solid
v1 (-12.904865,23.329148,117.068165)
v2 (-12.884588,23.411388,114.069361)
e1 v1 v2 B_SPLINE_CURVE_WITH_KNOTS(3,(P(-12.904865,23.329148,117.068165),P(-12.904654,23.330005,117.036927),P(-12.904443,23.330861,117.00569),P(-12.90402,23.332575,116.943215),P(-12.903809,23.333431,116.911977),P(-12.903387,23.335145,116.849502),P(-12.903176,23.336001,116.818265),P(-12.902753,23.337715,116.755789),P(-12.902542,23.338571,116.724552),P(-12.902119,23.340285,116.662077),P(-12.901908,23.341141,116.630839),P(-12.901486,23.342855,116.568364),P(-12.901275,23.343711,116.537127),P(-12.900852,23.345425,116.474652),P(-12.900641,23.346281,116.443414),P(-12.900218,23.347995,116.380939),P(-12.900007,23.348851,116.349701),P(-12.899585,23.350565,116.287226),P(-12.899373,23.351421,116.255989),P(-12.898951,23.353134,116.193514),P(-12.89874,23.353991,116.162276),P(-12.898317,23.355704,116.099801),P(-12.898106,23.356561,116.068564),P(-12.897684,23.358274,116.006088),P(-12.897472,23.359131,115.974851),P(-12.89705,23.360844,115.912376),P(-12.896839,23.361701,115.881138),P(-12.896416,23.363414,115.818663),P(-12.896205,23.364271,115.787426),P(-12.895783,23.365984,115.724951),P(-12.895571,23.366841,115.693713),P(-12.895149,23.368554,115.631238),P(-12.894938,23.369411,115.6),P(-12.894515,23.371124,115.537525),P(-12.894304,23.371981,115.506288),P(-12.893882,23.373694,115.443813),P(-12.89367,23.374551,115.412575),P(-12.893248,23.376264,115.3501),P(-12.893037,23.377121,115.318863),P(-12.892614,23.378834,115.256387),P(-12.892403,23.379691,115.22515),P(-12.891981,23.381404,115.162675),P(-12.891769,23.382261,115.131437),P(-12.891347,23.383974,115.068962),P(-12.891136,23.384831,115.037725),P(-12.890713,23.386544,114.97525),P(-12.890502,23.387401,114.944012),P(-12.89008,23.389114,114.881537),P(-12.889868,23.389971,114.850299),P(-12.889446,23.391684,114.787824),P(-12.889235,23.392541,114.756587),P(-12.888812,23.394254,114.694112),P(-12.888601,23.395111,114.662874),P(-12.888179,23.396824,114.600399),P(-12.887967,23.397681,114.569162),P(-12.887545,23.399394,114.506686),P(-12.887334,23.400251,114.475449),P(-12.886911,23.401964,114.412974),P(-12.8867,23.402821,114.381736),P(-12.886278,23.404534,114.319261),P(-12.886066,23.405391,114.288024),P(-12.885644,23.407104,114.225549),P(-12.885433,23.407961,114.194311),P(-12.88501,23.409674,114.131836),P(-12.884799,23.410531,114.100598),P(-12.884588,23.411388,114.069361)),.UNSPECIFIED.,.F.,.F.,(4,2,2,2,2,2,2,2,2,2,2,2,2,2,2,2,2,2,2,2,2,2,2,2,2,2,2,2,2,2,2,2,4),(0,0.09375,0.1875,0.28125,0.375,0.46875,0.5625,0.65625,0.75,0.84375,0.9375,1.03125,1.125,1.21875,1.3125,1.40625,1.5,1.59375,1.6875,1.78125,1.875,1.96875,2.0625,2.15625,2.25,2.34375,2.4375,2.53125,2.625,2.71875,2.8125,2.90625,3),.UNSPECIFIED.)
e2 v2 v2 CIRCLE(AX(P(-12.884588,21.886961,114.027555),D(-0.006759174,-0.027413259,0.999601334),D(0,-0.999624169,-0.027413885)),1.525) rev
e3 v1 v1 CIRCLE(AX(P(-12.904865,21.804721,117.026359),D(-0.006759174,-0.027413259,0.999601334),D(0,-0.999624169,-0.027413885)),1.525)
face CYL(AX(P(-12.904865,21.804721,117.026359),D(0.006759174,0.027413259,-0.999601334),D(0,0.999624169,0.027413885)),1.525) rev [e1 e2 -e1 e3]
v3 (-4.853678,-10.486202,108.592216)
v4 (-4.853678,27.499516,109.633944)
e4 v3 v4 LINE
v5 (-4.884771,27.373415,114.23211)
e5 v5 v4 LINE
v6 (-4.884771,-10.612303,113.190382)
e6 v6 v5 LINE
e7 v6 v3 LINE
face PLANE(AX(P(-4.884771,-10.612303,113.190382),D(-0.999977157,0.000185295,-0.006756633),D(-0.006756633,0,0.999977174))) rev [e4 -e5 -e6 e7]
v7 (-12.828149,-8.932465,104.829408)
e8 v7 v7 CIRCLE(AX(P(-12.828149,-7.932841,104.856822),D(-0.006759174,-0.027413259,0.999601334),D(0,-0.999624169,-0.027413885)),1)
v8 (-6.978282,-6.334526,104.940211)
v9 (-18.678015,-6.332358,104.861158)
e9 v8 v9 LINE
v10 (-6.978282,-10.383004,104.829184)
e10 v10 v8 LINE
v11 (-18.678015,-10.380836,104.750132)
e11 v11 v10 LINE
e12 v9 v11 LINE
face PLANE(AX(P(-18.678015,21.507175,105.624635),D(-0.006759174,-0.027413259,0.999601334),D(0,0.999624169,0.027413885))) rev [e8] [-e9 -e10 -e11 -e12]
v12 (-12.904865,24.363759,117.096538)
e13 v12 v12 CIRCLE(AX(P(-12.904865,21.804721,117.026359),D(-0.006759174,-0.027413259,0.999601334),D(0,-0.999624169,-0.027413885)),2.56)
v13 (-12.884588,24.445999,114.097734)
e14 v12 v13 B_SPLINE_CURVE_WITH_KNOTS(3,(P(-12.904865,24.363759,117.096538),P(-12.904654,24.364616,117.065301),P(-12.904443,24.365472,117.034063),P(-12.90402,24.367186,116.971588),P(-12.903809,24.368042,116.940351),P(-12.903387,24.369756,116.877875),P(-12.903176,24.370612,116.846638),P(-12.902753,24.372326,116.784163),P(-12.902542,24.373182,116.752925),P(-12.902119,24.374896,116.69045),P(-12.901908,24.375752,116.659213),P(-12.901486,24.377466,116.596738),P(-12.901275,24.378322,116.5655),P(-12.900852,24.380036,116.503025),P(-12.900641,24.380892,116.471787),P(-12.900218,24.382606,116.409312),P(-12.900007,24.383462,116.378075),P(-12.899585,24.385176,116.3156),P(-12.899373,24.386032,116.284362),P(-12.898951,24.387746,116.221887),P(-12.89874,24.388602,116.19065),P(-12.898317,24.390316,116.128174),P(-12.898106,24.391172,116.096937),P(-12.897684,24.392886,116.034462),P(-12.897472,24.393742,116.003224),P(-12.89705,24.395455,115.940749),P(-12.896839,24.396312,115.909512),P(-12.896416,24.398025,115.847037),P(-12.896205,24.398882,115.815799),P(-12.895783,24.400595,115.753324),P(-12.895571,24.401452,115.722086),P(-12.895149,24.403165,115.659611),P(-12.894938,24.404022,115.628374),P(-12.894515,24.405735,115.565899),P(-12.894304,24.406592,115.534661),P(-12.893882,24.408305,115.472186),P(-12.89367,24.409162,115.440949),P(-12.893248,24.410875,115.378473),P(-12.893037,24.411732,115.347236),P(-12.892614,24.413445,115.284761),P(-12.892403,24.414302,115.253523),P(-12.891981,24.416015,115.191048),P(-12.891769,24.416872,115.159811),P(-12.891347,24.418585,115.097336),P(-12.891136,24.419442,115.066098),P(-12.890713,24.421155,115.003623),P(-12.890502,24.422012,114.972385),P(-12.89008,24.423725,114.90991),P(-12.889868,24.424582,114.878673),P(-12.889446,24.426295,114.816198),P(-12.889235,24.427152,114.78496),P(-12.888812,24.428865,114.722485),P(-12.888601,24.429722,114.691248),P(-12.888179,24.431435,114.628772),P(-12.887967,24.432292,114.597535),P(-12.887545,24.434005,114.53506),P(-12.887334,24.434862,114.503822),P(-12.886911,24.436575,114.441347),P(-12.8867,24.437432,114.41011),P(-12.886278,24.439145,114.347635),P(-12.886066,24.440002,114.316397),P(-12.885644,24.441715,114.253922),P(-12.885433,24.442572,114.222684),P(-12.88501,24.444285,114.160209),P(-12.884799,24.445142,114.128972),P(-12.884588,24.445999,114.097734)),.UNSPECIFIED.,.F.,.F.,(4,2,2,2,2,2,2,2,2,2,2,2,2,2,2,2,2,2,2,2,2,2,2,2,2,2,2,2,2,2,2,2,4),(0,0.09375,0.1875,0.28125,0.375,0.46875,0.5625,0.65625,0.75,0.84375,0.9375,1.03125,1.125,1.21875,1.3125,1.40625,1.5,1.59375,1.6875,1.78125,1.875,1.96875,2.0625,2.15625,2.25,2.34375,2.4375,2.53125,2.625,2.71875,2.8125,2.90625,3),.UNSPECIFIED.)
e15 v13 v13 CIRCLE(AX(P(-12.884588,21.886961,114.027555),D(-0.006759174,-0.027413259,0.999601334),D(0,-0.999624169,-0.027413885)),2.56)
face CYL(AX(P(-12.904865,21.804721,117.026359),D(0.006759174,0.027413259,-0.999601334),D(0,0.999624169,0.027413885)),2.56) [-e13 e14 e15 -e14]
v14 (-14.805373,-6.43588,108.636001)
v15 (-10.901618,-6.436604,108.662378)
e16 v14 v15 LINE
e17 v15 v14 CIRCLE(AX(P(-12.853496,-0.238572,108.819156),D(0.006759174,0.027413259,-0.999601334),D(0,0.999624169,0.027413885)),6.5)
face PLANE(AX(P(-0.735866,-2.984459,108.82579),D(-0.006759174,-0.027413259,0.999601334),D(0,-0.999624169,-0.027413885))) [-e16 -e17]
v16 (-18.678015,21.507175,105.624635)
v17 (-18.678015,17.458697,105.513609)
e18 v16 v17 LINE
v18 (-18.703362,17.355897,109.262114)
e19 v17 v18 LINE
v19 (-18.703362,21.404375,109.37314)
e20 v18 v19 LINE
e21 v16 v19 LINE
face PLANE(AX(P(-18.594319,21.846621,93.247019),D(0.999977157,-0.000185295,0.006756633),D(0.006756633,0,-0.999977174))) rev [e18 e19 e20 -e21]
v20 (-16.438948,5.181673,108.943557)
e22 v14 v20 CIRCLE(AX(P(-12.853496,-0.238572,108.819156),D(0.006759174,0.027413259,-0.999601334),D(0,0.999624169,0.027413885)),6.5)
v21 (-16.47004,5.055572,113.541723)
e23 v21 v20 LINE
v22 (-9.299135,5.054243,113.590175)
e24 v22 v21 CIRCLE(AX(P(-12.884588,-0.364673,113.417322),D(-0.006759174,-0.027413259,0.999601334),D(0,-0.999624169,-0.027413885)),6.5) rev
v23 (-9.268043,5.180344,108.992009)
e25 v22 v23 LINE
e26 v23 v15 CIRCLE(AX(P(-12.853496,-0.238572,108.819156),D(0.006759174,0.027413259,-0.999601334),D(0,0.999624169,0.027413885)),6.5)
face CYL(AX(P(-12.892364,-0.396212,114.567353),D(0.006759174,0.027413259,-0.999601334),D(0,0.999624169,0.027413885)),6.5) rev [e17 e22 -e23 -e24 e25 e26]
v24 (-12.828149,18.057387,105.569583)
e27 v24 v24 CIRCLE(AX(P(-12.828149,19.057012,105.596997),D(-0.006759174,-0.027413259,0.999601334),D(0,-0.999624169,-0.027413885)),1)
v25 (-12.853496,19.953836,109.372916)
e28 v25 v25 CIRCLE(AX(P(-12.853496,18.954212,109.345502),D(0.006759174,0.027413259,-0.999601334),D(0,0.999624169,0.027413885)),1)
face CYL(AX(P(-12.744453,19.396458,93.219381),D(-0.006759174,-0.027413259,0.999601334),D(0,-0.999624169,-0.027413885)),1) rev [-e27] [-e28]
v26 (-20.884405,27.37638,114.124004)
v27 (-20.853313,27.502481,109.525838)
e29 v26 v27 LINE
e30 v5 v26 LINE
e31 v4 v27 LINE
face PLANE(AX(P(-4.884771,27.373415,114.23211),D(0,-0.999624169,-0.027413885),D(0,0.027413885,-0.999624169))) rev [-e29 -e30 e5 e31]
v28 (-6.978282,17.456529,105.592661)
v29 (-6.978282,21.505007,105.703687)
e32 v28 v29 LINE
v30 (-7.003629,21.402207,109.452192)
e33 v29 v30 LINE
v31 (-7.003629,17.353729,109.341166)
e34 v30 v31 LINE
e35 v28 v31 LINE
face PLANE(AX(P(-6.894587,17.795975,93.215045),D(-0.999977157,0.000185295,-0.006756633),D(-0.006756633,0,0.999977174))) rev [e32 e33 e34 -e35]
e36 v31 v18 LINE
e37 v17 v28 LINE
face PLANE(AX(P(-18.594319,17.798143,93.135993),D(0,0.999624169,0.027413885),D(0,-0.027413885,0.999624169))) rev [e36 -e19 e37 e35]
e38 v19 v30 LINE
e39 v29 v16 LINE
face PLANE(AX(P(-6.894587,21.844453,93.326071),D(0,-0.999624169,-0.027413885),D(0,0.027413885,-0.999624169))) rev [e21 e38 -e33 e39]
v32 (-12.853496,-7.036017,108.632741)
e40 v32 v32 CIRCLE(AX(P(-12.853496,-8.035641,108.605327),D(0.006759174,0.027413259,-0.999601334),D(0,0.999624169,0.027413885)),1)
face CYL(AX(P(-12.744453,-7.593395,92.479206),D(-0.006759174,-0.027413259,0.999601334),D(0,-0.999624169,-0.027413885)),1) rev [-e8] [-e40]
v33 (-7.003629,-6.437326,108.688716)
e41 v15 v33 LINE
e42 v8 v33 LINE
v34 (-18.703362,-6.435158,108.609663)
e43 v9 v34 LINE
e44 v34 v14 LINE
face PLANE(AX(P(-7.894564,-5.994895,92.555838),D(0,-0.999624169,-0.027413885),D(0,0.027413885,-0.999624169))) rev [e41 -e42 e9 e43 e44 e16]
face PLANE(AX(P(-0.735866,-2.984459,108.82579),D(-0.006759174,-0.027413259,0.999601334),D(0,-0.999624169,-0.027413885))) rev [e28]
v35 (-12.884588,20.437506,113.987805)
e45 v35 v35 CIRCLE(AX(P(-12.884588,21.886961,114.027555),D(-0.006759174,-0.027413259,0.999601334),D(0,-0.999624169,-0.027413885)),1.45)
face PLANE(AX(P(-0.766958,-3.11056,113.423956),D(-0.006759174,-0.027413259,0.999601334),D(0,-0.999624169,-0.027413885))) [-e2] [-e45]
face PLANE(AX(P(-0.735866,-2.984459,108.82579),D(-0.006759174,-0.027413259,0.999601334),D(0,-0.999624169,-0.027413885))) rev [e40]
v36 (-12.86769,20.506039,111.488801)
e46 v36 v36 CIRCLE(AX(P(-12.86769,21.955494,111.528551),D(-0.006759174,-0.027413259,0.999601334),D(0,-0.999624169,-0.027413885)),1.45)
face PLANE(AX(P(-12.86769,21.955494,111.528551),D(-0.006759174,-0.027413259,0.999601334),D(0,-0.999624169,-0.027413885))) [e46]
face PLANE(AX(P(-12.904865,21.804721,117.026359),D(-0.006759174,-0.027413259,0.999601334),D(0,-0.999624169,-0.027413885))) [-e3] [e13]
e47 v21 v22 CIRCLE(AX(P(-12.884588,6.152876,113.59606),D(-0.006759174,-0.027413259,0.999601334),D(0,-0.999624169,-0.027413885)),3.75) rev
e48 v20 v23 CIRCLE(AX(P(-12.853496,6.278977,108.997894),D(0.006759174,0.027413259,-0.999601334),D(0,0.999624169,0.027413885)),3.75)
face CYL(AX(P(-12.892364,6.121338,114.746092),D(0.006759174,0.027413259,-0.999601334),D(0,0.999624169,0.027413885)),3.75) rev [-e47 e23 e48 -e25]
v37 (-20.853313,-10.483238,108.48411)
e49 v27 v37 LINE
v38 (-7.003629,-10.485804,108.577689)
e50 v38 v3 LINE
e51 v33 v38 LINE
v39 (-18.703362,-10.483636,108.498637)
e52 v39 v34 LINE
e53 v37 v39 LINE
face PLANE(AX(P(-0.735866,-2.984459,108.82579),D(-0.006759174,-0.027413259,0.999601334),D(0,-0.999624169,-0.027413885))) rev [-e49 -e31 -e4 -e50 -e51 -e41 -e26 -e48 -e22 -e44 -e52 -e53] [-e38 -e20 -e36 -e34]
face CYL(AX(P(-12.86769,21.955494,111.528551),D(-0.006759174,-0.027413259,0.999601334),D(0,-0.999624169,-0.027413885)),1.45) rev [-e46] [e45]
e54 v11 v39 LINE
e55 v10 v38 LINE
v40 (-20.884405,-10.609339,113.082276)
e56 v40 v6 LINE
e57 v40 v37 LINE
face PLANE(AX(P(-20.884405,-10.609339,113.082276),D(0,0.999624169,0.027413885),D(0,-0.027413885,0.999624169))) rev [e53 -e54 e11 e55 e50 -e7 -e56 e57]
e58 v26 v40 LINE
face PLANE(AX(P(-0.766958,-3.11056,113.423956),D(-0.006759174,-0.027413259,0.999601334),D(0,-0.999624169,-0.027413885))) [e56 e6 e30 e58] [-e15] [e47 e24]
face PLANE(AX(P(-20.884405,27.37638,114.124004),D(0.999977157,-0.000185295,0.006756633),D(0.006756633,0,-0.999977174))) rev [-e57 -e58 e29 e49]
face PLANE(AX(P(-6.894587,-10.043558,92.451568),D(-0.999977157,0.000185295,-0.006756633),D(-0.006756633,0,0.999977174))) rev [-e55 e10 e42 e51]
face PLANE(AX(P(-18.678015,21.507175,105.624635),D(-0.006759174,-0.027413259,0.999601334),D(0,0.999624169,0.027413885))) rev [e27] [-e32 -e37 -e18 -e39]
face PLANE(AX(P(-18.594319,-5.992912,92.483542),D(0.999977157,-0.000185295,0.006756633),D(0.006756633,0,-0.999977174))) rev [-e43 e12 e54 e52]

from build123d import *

# Parameters (mm, degrees)
SKETCH_1_W          = 16
SKETCH_1_H          = 38
EXTRUDE_1_DEPTH     = 4.6
CUT_EXTRUDE_3_REACH = 38.941
SKETCH_6_W          = 11.7
SKETCH_6_H          = 4.05
SKETCH_6_R          = 1
EXTRUDE_2_DEPTH     = 3.75
SKETCH_9_R          = 2.56
SKETCH_9_R_2        = 1.525
EXTRUDE_3_DEPTH     = 3
SKETCH_10_R         = 1.45
CUT_EXTRUDE_5_DEPTH = 2.5


with BuildPart() as part:
    # 草图1 → 凸台-拉伸1 (new body)
    with BuildSketch(Plane(origin=(-0.735865771, -2.984459331, 108.825789607), x_dir=(0.9999771565250809, -0.00018529520807729263, 0.006756633311043236), z_dir=(-0.006759173619166435, -0.027413258740008984, 0.9996013339413065))):
        with Locations((-12.117906651, 11.494673284)):
            Rectangle(SKETCH_1_W, SKETCH_1_H)
    extrude(amount=EXTRUDE_1_DEPTH)

    # 草图5 → 切除-拉伸3 (cut, up to next)
    with BuildSketch(Plane(origin=(-0.735865771, -2.984459331, 108.825789607), x_dir=(-0.9999771565250809, 0.0001852952080772962, -0.006756633311043381), z_dir=(0.00675917361916658, 0.02741325874000909, -0.9996013339413065)), mode=Mode.PRIVATE) as cut_extrude_3_sk1:
        with BuildLine():
            ThreePointArc((15.703441088, 8.166291382), (12.117906651, 13.014673284), (8.532372214, 8.166291382))
            ThreePointArc((8.532372214, 8.166291382), (12.117906651, -3.755326716), (15.703441088, 8.166291382))
        make_face()
    cut_extrude_3_tool1 = extrude(cut_extrude_3_sk1.sketch, amount=-CUT_EXTRUDE_3_REACH, mode=Mode.PRIVATE) & part.part
    add(cut_extrude_3_tool1.solids().sort_by_distance((-12.853496, 1.00994, 108.853395))[0], mode=Mode.SUBTRACT)

    # 草图6 → 凸台-拉伸2 (add)
    # profile 1 of 2: a face of its own
    with BuildSketch(Plane(origin=(-0.735865771, -2.984459331, 108.825789607), x_dir=(-0.9999771565250809, 0.0001852952080772936, -0.0067566333110433766), z_dir=(0.006759173619166576, 0.02741325874000879, -0.9996013339413065))):
        with Locations((12.117906651, 22.369673284)):
            Rectangle(SKETCH_6_W, SKETCH_6_H)
        with Locations(Location((12.117906651, 21.944673284, 0), (0, 0, 270))):
            Circle(SKETCH_6_R, mode=Mode.SUBTRACT)
    # profile 2 of 2: a face of its own
    with BuildSketch(Plane(origin=(-0.735865771, -2.984459331, 108.825789607), x_dir=(-0.9999771565250809, 0.0001852952080772936, -0.0067566333110433766), z_dir=(0.006759173619166576, 0.02741325874000879, -0.9996013339413065))):
        Polygon((7.267906651, -3.455326716), (17.967906651, -3.455326716), (17.967906651, -7.505326716), (6.267906651, -7.505326716), (6.267906651, -3.455326716), align=None)
        with Locations(Location((12.117906651, -5.055326716, 0), (0, 0, 270))):
            Circle(SKETCH_6_R, mode=Mode.SUBTRACT)
    extrude(amount=EXTRUDE_2_DEPTH)

    # 草图9 → 凸台-拉伸3 (add)
    with BuildSketch(Plane(origin=(-0.76695797, -3.110560321, 113.423955744), x_dir=(0.9999771565250809, -0.00018529520807729366, 0.006756633311043378), z_dir=(-0.006759173619166578, -0.02741325874000878, 0.9996013339413065))):
        with Locations(Location((-12.117906651, 25.004673284, 0), (0, 0, 90))):
            Circle(SKETCH_9_R)
        with Locations(Location((-12.117906651, 25.004673284, 0), (0, 0, 90))):
            Circle(SKETCH_9_R_2, mode=Mode.SUBTRACT)
    extrude(amount=EXTRUDE_3_DEPTH)

    # 草图10 → 切除-拉伸5 (cut)
    with BuildSketch(Plane(origin=(-0.76695797, -3.110560321, 113.423955744), x_dir=(0.9999771565250809, -0.00018529520807729366, 0.006756633311043378), z_dir=(-0.006759173619166578, -0.02741325874000879, 0.9996013339413065))):
        with Locations(Location((-12.117906651, 25.004673284, 0), (0, 0, 270))):
            Circle(SKETCH_10_R)
    extrude(amount=-CUT_EXTRUDE_5_DEPTH, mode=Mode.SUBTRACT)


solid = part.part
